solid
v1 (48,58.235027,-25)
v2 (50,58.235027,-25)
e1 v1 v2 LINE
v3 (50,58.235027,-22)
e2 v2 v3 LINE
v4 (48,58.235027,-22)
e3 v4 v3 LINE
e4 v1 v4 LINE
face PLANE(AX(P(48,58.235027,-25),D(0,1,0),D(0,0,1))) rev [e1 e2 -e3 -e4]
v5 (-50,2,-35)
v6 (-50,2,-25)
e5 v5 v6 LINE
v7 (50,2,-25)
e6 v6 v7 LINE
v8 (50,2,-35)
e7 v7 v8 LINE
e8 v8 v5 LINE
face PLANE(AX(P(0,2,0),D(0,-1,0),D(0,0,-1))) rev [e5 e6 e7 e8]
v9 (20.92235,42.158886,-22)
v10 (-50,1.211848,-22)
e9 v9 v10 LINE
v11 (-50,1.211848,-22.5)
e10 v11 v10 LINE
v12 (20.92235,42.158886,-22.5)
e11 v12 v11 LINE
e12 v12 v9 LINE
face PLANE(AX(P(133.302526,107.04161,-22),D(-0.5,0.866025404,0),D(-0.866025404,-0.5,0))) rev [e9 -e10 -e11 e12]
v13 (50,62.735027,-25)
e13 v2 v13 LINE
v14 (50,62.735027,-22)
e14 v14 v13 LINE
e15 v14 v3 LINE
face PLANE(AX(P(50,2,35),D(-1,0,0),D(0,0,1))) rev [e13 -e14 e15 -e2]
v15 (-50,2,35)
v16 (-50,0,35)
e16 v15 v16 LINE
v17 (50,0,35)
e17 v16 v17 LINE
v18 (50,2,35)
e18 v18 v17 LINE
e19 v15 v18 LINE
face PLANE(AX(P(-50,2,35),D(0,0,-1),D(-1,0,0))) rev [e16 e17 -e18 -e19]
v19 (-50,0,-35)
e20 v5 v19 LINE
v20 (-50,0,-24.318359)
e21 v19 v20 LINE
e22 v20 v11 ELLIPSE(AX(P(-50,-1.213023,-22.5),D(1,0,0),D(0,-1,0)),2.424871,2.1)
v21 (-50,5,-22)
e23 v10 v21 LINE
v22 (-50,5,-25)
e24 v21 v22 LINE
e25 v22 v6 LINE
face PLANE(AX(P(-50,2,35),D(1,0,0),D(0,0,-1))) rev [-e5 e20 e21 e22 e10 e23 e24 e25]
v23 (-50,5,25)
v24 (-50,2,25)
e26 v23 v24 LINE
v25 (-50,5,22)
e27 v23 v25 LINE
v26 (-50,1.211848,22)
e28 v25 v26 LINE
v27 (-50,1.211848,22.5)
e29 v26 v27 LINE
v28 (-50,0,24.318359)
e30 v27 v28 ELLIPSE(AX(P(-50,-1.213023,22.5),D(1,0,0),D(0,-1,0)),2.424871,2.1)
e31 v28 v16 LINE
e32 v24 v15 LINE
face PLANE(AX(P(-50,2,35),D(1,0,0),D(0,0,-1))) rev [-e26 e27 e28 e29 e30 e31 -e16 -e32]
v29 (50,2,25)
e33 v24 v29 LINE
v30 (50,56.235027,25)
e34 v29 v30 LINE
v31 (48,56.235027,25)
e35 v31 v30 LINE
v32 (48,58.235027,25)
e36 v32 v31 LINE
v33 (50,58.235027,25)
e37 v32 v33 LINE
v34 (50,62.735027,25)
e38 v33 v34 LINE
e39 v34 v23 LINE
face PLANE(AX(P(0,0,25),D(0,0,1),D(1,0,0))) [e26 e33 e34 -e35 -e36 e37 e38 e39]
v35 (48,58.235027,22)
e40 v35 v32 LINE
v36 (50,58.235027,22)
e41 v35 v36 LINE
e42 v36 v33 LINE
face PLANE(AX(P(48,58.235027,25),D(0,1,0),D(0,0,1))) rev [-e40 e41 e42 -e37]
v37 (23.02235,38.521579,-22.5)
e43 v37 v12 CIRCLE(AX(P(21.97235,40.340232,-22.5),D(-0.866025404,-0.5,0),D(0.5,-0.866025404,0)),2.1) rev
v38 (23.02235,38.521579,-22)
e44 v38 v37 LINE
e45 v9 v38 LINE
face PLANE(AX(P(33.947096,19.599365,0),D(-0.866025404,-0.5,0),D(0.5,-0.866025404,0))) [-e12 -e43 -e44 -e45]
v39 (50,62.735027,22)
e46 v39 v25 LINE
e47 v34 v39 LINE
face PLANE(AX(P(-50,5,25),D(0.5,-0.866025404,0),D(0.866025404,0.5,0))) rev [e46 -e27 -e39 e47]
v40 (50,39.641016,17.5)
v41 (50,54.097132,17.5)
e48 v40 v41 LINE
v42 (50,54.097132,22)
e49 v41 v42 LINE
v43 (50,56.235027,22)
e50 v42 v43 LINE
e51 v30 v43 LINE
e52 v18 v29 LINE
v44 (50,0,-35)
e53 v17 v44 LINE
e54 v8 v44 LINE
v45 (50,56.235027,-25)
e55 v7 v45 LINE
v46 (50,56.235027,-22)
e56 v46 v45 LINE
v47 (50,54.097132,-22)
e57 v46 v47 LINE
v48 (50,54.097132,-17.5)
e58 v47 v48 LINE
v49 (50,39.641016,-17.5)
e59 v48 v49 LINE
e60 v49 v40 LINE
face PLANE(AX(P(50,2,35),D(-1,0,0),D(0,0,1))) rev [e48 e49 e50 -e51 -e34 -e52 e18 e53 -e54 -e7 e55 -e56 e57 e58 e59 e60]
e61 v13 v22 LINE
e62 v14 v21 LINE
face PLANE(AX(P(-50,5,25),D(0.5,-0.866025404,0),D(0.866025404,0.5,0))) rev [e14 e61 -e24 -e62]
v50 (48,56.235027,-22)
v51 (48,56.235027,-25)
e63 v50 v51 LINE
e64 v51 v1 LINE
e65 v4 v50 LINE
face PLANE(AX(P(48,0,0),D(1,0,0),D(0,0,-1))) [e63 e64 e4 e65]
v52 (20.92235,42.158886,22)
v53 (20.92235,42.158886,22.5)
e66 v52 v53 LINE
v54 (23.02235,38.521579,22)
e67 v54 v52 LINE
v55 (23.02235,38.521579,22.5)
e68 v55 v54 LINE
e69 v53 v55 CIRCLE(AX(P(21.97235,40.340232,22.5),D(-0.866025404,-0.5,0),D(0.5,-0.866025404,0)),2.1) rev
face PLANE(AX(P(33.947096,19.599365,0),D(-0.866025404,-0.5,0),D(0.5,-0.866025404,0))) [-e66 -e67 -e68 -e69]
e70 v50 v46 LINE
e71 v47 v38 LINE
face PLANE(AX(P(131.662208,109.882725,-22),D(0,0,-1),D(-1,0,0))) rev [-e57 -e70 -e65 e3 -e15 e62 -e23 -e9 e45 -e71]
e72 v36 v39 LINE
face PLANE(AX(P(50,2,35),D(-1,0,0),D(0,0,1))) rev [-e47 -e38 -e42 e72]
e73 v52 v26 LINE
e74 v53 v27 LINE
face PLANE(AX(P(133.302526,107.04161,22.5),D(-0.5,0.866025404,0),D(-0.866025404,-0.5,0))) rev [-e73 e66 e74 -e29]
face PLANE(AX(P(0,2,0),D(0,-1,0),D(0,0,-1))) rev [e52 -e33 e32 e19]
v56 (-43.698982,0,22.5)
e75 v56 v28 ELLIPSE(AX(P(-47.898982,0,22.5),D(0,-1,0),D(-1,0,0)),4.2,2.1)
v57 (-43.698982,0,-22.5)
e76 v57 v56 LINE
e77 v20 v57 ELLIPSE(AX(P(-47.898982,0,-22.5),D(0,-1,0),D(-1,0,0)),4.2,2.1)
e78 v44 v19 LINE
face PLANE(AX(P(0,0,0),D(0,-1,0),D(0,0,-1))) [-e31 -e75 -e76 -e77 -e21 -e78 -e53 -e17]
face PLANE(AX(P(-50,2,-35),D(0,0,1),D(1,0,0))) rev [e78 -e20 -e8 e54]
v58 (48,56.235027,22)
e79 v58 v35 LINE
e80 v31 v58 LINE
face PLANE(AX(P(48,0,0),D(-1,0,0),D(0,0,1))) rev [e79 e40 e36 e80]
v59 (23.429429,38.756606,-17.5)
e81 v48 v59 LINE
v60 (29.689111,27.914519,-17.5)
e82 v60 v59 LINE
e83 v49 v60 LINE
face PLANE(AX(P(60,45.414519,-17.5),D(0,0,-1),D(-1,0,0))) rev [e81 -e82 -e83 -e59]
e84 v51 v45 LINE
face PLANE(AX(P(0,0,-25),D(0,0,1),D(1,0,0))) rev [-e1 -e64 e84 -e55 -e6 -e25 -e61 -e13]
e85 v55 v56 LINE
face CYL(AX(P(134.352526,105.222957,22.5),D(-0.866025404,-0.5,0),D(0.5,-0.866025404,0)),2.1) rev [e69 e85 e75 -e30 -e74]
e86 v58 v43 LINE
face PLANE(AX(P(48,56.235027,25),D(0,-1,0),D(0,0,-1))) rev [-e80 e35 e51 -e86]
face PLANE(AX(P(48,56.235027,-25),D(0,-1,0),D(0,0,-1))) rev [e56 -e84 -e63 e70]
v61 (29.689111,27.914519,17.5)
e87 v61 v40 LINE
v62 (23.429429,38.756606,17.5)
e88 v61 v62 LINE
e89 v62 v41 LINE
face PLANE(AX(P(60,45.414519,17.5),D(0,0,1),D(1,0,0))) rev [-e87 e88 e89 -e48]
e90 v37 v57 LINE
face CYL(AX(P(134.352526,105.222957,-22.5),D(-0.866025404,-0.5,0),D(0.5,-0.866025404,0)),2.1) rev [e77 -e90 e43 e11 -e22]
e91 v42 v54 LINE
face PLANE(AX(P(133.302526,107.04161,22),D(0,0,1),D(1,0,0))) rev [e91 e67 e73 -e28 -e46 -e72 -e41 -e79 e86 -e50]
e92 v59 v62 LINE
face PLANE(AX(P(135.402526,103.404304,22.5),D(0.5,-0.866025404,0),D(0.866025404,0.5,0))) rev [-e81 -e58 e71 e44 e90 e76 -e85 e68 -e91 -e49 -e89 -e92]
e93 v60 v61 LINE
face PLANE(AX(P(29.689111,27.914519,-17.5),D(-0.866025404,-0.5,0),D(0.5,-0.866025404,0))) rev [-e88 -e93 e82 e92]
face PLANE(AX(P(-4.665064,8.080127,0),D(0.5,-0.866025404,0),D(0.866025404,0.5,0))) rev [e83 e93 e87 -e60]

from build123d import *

# Parameters (mm, degrees)
SKETCH3_W               = 100
SKETCH3_H               = 70
BOSS_EXTRUDE2_DEPTH     = 2
BOSS_EXTRUDE3_DEPTH     = 25
SKETCH7_W               = 35
SKETCH7_H               = 35
CUT_EXTRUDE3_DEPTH      = 20
CUT_EXTRUDE1_DEPTH      = 125.171613843
CUT_EXTRUDE1_DEPTH_BACK = 80
SKETCH8_W               = 44
SKETCH8_H               = 7.480636053
CUT_EXTRUDE4_DEPTH      = 101.661811193
SKETCH9_W               = 3
SKETCH9_H               = 2
CUT_EXTRUDE5_DEPTH      = 2


with BuildPart() as part:
    # Sketch3 → Boss-Extrude2 (new body)
    with BuildSketch(Plane(origin=(0, 0, 0), x_dir=(1, 0, 0), z_dir=(0, 1, 0))):
        Rectangle(SKETCH3_W, SKETCH3_H)
    extrude(amount=BOSS_EXTRUDE2_DEPTH)

    # Sketch4 → Boss-Extrude3 (add, symmetric)
    with BuildSketch(Plane.XY):
        Polygon((50, 62.735026919), (50, 2), (-50, 2), (-50, 5), align=None)
    extrude(amount=BOSS_EXTRUDE3_DEPTH, both=True)

    # Sketch7 → Cut-Extrude3 (cut)
    with BuildSketch(Plane(origin=(-14.665063509, 25.400635095, 0), x_dir=(0.8660254037844414, 0.49999999999999517, 0), z_dir=(-0.49999999999999517, 0.8660254037844414, 0))):
        with Locations((57.168783649, 0)):
            Rectangle(SKETCH7_W, SKETCH7_H)
    extrude(amount=-CUT_EXTRUDE3_DEPTH, mode=Mode.SUBTRACT)

    # Sketch5 → Cut-Extrude1 (cut, two sides: drawn at the far end of the back side and taken through both)
    with BuildSketch(Plane(origin=(-35.334936491, -20.400635095, 0), x_dir=(0, 0, -1), z_dir=(-0.8660254037844416, -0.4999999999999951, 0)).offset(-CUT_EXTRUDE1_DEPTH_BACK)):
        with BuildLine():
            Line((-22.5, -21.849490966), (22.5, -21.849490966))
            ThreePointArc((22.5, -21.849490966), (24.6, -23.949490966), (22.5, -26.049490966))
            Line((22.5, -26.049490966), (22, -26.049490966))
            Line((22, -26.049490966), (22, -29.330127019))
            Line((22, -29.330127019), (-22, -29.330127019))
            Line((-22, -29.330127019), (-22, -26.049490966))
            Line((-22, -26.049490966), (-22.5, -26.049490966))
            ThreePointArc((-22.5, -26.049490966), (-24.6, -23.949490966), (-22.5, -21.849490966))
        make_face()
    extrude(amount=CUT_EXTRUDE1_DEPTH + CUT_EXTRUDE1_DEPTH_BACK, mode=Mode.SUBTRACT)

    # Sketch8 → Cut-Extrude4 (cut, through all)
    with BuildSketch(Plane(origin=(33.947095812, 19.599364905, 0), x_dir=(0, 0, 1), z_dir=(-0.8660254037844414, -0.49999999999999517, 0))):
        with Locations((0, 25.589808993)):
            Rectangle(SKETCH8_W, SKETCH8_H)
    extrude(amount=-CUT_EXTRUDE4_DEPTH, mode=Mode.SUBTRACT)

    # Sketch9 → Cut-Extrude5 (cut)
    with BuildSketch(Plane(origin=(50, 0, 0), x_dir=(0, 0, -1), z_dir=(1, 0, 0))):
        with Locations((-23.5, 57.235026919)):
            Rectangle(SKETCH9_W, SKETCH9_H)
        with Locations((23.5, 57.235026919)):
            Rectangle(SKETCH9_W, SKETCH9_H)
    extrude(amount=-CUT_EXTRUDE5_DEPTH, mode=Mode.SUBTRACT)


solid = part.part
